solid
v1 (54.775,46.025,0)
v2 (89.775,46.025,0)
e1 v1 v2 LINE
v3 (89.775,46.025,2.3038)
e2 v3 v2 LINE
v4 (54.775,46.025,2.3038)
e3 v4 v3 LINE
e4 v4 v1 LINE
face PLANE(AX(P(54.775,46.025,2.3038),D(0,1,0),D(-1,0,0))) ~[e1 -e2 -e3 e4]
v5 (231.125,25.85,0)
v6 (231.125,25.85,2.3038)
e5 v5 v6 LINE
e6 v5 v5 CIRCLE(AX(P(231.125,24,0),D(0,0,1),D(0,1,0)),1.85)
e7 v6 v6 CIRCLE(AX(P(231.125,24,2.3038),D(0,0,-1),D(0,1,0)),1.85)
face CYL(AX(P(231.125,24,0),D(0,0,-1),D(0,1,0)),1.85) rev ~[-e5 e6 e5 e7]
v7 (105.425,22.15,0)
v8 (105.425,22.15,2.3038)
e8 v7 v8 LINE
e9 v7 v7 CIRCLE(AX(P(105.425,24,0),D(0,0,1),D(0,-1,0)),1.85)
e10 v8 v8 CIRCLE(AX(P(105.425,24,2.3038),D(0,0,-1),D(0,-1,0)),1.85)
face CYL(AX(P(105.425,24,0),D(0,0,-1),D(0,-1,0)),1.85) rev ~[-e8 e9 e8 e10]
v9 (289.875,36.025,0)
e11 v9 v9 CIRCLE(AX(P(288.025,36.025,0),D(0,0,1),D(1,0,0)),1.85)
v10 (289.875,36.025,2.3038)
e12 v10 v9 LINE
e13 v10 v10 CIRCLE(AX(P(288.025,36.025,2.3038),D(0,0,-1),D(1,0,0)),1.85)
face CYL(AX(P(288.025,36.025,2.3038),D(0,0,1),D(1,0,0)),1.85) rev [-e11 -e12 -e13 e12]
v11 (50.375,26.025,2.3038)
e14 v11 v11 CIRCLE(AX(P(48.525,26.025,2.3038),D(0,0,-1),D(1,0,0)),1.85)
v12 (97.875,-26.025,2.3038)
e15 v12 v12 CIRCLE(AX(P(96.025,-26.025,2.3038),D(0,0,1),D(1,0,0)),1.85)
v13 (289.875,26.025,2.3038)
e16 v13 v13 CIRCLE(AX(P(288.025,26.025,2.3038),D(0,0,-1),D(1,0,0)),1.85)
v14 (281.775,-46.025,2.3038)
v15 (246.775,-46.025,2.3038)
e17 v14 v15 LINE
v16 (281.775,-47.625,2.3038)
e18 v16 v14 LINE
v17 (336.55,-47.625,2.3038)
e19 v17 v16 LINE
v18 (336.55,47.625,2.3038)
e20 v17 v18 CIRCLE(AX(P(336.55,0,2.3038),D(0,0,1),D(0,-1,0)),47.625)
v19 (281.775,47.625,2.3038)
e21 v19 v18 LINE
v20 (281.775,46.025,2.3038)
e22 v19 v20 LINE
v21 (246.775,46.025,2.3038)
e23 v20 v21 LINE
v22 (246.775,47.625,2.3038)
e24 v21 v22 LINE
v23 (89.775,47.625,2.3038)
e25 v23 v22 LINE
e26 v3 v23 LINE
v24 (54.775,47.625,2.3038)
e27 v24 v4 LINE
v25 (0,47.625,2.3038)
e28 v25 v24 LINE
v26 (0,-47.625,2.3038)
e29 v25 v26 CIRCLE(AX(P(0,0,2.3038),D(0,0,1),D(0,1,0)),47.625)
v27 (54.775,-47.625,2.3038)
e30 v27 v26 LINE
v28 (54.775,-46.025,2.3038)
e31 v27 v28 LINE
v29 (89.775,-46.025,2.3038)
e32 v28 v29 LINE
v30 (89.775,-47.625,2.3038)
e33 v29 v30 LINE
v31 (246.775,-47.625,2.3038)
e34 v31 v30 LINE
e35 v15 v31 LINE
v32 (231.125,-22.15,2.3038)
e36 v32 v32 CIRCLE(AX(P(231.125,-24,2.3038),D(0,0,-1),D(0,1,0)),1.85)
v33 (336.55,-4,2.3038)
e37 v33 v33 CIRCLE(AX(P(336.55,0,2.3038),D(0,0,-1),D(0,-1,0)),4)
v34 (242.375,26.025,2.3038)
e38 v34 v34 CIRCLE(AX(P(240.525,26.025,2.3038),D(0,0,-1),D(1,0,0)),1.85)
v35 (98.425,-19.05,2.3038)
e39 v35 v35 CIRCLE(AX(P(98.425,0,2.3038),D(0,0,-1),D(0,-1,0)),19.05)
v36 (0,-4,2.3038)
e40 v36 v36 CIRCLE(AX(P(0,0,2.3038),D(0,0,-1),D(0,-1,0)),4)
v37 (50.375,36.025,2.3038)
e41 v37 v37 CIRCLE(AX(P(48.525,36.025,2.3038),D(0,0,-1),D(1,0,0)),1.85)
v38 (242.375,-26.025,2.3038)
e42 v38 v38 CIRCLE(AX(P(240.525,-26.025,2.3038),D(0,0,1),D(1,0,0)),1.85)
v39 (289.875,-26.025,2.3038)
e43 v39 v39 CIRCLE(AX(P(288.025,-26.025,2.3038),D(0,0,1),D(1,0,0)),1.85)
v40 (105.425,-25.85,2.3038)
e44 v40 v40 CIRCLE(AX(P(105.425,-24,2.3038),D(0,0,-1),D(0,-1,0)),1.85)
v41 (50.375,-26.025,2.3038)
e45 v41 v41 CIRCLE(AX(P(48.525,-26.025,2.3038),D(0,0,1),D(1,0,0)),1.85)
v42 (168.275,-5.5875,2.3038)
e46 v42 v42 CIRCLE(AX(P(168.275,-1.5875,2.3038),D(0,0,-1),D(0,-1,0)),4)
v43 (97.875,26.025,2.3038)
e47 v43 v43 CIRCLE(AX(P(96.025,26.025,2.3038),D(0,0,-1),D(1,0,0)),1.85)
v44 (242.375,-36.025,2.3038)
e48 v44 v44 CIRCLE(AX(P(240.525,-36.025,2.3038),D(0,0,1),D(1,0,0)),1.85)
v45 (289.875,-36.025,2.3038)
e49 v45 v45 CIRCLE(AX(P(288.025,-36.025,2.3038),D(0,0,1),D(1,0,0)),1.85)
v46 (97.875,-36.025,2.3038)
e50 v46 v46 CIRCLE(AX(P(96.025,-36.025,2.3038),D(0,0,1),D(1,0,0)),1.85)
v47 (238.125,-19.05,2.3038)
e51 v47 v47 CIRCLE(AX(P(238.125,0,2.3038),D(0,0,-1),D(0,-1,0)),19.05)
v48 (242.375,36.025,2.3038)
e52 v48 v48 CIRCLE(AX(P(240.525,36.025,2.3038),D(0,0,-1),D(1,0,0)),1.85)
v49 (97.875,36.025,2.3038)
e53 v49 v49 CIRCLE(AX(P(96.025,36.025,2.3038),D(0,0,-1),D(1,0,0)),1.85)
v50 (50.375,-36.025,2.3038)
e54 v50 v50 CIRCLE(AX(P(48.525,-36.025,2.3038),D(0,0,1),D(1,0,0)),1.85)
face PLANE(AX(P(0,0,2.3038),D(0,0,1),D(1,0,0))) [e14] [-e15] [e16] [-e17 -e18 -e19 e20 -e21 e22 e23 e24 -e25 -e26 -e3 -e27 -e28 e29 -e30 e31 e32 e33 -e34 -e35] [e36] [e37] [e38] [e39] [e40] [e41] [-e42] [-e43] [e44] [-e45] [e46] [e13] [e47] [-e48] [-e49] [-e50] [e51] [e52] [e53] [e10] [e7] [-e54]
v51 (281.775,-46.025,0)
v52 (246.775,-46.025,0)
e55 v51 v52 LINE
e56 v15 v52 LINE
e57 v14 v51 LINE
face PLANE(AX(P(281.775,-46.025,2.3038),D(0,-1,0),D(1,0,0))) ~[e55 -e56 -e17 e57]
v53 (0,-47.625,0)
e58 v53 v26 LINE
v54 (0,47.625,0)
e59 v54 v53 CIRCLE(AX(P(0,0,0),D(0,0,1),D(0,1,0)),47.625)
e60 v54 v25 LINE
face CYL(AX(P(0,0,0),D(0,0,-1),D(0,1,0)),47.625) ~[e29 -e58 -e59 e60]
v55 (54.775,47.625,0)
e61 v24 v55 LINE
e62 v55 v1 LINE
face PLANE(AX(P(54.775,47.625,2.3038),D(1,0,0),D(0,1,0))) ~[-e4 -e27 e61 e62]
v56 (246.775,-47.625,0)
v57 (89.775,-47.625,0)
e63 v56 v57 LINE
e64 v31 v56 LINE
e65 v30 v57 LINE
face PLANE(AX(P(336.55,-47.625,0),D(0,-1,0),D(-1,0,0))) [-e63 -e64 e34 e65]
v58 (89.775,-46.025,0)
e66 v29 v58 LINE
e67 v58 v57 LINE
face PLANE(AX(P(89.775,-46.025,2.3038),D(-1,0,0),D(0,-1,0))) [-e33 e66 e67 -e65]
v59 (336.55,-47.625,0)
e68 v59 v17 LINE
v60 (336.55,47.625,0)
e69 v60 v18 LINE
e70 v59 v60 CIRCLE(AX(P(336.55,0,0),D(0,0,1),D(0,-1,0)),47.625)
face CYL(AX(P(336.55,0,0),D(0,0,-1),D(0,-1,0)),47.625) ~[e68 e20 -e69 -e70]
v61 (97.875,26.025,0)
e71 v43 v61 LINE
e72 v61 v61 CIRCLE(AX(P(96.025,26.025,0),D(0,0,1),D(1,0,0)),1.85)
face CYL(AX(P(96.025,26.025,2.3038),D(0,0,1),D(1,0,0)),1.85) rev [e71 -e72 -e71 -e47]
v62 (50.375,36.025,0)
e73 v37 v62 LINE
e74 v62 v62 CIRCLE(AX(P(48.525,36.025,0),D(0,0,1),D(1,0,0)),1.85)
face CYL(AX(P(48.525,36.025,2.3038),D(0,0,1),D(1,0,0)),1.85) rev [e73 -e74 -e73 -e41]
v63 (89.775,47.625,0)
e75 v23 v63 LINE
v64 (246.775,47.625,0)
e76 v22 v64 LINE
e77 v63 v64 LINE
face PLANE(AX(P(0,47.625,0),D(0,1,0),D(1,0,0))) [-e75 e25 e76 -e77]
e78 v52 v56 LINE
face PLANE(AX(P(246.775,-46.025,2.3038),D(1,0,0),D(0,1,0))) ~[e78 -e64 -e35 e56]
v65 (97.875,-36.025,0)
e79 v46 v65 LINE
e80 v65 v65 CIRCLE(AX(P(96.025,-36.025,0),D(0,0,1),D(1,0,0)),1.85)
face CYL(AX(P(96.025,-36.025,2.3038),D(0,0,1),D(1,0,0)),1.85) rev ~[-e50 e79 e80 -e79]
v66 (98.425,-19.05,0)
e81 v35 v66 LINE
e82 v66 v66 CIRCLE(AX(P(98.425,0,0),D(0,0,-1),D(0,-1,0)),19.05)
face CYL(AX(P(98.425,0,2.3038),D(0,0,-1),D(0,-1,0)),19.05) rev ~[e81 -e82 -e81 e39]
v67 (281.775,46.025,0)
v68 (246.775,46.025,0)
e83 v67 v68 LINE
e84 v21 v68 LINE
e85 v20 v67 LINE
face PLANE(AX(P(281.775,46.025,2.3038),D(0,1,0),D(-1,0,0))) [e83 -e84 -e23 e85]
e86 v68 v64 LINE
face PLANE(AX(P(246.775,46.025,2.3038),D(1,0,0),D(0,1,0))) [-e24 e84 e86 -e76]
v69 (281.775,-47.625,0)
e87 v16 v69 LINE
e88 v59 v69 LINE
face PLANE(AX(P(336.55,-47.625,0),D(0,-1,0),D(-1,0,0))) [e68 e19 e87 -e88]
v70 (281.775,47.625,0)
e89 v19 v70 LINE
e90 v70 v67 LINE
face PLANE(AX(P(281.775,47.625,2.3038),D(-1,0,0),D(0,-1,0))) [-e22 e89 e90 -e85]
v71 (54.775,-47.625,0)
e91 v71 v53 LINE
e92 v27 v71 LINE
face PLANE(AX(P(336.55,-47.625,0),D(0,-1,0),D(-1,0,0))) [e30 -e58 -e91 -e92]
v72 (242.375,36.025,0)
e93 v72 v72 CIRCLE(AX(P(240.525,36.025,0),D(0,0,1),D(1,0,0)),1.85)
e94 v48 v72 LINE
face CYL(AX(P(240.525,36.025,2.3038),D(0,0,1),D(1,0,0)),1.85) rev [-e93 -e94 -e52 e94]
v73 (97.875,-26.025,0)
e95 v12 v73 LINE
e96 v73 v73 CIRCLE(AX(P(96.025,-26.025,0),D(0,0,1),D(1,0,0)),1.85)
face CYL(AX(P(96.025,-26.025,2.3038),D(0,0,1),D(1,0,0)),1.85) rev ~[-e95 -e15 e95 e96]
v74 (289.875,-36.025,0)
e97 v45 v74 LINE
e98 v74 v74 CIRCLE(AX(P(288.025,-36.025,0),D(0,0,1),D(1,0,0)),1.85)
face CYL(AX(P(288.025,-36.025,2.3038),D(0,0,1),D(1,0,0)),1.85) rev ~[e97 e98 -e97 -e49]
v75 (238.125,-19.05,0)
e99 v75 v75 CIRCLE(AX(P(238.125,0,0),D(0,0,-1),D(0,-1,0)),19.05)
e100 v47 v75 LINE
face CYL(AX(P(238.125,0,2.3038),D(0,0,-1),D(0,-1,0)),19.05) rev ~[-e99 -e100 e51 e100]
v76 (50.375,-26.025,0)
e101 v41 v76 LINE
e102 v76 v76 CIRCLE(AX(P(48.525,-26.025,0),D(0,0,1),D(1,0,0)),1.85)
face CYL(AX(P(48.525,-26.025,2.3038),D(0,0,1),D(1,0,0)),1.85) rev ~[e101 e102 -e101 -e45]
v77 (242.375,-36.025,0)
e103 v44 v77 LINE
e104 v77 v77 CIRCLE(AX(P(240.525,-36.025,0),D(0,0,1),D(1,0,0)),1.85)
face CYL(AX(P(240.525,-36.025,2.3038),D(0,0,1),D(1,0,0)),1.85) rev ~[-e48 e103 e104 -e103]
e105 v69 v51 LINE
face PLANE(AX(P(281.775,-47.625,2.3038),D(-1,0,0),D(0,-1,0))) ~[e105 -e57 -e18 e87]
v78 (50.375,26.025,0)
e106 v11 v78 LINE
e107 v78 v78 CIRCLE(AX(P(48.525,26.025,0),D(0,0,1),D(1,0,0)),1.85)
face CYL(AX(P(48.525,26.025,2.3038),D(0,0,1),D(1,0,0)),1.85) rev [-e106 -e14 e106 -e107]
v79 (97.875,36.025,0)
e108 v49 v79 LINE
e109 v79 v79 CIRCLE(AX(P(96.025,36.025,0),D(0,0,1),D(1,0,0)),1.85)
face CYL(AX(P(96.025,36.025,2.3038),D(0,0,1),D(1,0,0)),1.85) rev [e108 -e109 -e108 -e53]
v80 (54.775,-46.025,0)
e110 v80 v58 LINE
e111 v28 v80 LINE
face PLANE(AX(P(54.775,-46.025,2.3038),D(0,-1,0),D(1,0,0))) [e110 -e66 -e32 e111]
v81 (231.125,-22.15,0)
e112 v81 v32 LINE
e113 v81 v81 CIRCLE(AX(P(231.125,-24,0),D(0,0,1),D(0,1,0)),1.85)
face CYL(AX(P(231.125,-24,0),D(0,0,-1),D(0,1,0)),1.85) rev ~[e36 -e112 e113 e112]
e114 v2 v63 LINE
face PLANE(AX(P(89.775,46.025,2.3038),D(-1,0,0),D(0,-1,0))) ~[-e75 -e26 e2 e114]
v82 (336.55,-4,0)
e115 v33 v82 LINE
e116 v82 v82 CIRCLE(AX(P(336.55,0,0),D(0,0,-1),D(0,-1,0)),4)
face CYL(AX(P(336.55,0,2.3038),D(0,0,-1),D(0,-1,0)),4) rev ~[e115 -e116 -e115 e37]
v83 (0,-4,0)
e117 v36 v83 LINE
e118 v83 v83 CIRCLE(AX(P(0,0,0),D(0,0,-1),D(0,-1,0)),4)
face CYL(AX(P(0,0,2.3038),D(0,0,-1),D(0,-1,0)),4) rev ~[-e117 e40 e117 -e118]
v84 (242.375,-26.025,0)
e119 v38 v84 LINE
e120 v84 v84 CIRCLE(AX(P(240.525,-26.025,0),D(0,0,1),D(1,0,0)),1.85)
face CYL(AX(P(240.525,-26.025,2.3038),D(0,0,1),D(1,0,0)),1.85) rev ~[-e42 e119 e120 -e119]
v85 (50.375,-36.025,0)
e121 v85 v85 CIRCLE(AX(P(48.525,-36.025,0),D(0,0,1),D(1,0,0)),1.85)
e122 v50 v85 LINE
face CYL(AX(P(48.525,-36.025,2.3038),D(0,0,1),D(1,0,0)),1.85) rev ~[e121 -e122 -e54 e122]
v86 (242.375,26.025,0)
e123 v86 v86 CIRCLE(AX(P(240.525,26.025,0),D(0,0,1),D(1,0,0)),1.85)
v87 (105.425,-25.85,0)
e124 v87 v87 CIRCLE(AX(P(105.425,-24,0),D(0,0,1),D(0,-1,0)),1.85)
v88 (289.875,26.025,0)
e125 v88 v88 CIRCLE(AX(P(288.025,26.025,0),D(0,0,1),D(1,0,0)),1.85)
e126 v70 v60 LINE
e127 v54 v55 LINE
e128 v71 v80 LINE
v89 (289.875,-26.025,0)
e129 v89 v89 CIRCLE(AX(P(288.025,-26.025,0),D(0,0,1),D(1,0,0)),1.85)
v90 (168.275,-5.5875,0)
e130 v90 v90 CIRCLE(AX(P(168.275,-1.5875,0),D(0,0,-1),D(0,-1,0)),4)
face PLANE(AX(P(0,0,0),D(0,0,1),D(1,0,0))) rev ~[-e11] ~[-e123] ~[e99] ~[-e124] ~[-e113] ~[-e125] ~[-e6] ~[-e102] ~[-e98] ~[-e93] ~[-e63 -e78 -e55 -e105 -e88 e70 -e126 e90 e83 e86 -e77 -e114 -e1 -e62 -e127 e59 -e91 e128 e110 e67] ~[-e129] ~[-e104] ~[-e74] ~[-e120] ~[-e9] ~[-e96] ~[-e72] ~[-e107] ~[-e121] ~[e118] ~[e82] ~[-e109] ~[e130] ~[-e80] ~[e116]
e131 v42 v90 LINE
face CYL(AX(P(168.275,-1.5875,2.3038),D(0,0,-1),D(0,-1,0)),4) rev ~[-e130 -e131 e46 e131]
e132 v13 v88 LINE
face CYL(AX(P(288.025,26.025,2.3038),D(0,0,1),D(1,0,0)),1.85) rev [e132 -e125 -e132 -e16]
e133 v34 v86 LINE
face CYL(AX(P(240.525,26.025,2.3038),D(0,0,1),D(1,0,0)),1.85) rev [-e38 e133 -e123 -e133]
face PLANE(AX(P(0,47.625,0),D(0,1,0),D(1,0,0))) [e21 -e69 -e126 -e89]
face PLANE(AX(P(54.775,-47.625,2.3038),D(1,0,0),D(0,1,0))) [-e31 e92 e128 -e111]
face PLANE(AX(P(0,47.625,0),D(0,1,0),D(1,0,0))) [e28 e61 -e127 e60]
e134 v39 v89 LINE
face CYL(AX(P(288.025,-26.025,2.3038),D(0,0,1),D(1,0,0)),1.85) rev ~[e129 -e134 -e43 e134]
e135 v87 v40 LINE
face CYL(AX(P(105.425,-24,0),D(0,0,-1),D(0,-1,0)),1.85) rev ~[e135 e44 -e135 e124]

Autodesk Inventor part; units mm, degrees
ref_plane "XZ Plane" through (0, 0, 0) normal (0, 1, 0) x (-1, 0, 0)
sketch "Sketch1" plane through (0, 0, 0) normal (0, 0, 1) x (1, 0, 0)
  arc A0 (0, 47.625) -> (0, -47.625) centre (0, 0) ccw
  line L0 (-47.625, 0) -> (384.175, 0) construction
  arc A1 (336.55, -47.625) -> (336.55, 47.625) centre (336.55, 0) ccw
  line L1 (0, 47.625) -> (336.55, 47.625)
  line L2 (336.55, -47.625) -> (0, -47.625)
  dimension "d0" = 95.25
  dimension "d1" = 431.8
  dimension "d2" = 95.25
extrude "Extrusion1" add sketch "Sketch1" along normal blind 2.3038
hole "Hole1" at (0, 0, 2.3038) direction (0, 0, -1) diameter 8 end through all
hole "Hole2" at (336.55, 0, 2.3038) direction (0, 0, -1) diameter 8 end through all
sketch "Sketch2" plane through (0, 0, 2.3038) normal (0, 0, 1) x (1, 0, 0)
  circle A0 centre (336.55, 0) radius 4 projected
  circle A1 centre (0, 0) radius 4 projected
  line L0 (336.55, 0) -> (0, 0) construction
  line L1 (168.275, 0) -> (168.275, -1.5875)
  point P0 (0, 0)
  dimension "d23" = 1.5875
hole "Hole3" at (168.275, -1.5875, 2.3038) direction (0, 0, -1) diameter 8 end through all
sketch "Sketch4" plane through (0, 0, 2.3038) normal (0, 0, 1) x (1, 0, 0)
  line L0 (336.55, 47.625) -> (0, 47.625) projected
  line L1 (0, -47.625) -> (336.55, -47.625) projected
  line L2 (168.275, 47.625) -> (168.275, -47.625)
  line L3 (168.275, 0) -> (238.125, 0)
  line L4 (168.275, 0) -> (98.425, 0)
  point P0 (0, 0)
  dimension "d41" = 69.85
  dimension "d42" = 69.85
hole "Hole5" at (98.425, 0, 2.3038) at (238.125, 0, 2.3038) direction (0, 0, -1) diameter 38.1 end through all
sketch "Sketch5" plane through (0, 0, 0) normal (0, 0, -1) x (-1, 0, 0)
  line L0 (-89.425, 29) -> (-89.425, 26.5) projected
  arc A0 (-89.925, 26) -> (-89.425, 26.5) centre (-89.925, 26.5) ccw projected
  line L1 (-94.925, 26) -> (-89.925, 26) projected
  arc A1 (-94.925, 26) -> (-95.425, 25.5) centre (-94.925, 25.5) ccw projected
  line L2 (-95.425, 19) -> (-95.425, 25.5) projected
  arc A2 (-95.925, 18.5) -> (-95.425, 19) centre (-95.925, 19) ccw projected
  line L3 (-98.425, 18.5) -> (-95.925, 18.5) projected
  arc A3 (-98.425, 18.5) -> (-98.425, -18.5) centre (-98.425, 0) ccw projected
  line L4 (-95.925, -18.5) -> (-98.425, -18.5) projected
  arc A4 (-95.425, -19) -> (-95.925, -18.5) centre (-95.925, -19) ccw projected
  line L5 (-95.425, -25.5) -> (-95.425, -19) projected
  arc A5 (-95.425, -25.5) -> (-94.925, -26) centre (-94.925, -25.5) ccw projected
  line L6 (-89.925, -26) -> (-94.925, -26) projected
  arc A6 (-89.425, -26.5) -> (-89.925, -26) centre (-89.925, -26.5) ccw projected
  line L7 (-89.425, -26.5) -> (-89.425, -29) projected
  arc A7 (-92.425, -32) -> (-89.425, -29) centre (-92.425, -29) ccw projected
  line L8 (-92.425, -32) -> (-118.425, -32) projected
  arc A8 (-121.425, -29) -> (-118.425, -32) centre (-118.425, -29) ccw projected
  line L9 (-121.425, -29) -> (-121.425, 29) projected
  arc A9 (-118.425, 32) -> (-121.425, 29) centre (-118.425, 29) ccw projected
  line L10 (-118.425, 32) -> (-92.425, 32) projected
  arc A10 (-89.425, 29) -> (-92.425, 32) centre (-92.425, 29) ccw projected
  arc A11 (-105.425, 25.85) -> (-105.425, 22.15) centre (-105.425, 24) ccw projected
  arc A12 (-105.425, 22.15) -> (-105.425, 25.85) centre (-105.425, 24) ccw projected
  arc A13 (-105.425, -22.15) -> (-105.425, -25.85) centre (-105.425, -24) ccw projected
  arc A14 (-105.425, -25.85) -> (-105.425, -22.15) centre (-105.425, -24) ccw projected
  line L11 (-247.125, -29) -> (-247.125, -26.5) projected
  arc A15 (-246.625, -26) -> (-247.125, -26.5) centre (-246.625, -26.5) ccw projected
  line L12 (-241.625, -26) -> (-246.625, -26) projected
  arc A16 (-241.625, -26) -> (-241.125, -25.5) centre (-241.625, -25.5) ccw projected
  line L13 (-241.125, -19) -> (-241.125, -25.5) projected
  arc A17 (-240.625, -18.5) -> (-241.125, -19) centre (-240.625, -19) ccw projected
  line L14 (-238.125, -18.5) -> (-240.625, -18.5) projected
  arc A18 (-238.125, -18.5) -> (-238.125, 18.5) centre (-238.125, 0) ccw projected
  line L15 (-240.625, 18.5) -> (-238.125, 18.5) projected
  arc A19 (-241.125, 19) -> (-240.625, 18.5) centre (-240.625, 19) ccw projected
  line L16 (-241.125, 25.5) -> (-241.125, 19) projected
  arc A20 (-241.125, 25.5) -> (-241.625, 26) centre (-241.625, 25.5) ccw projected
  line L17 (-246.625, 26) -> (-241.625, 26) projected
  arc A21 (-247.125, 26.5) -> (-246.625, 26) centre (-246.625, 26.5) ccw projected
  line L18 (-247.125, 26.5) -> (-247.125, 29) projected
  arc A22 (-244.125, 32) -> (-247.125, 29) centre (-244.125, 29) ccw projected
  line L19 (-244.125, 32) -> (-218.125, 32) projected
  arc A23 (-215.125, 29) -> (-218.125, 32) centre (-218.125, 29) ccw projected
  line L20 (-215.125, 29) -> (-215.125, -29) projected
  arc A24 (-218.125, -32) -> (-215.125, -29) centre (-218.125, -29) ccw projected
  line L21 (-218.125, -32) -> (-244.125, -32) projected
  arc A25 (-247.125, -29) -> (-244.125, -32) centre (-244.125, -29) ccw projected
  arc A26 (-231.125, -25.85) -> (-231.125, -22.15) centre (-231.125, -24) ccw projected
  arc A27 (-231.125, -22.15) -> (-231.125, -25.85) centre (-231.125, -24) ccw projected
  arc A28 (-231.125, 22.15) -> (-231.125, 25.85) centre (-231.125, 24) ccw projected
  arc A29 (-231.125, 25.85) -> (-231.125, 22.15) centre (-231.125, 24) ccw projected
  point P0 (0, 0)
extrude "Extrusion2" cut sketch "Sketch5" against normal through all contours A12 A11 | A14 A13 | A27 A26 | A29 A28
ref_plane "Work Plane1" through (168.275, -1.5875, 2.3038) normal (1, 0, 0) x (0, 1, 0)
sketch "Sketch7" plane through (0, 0, 0) normal (0, 0, -1) x (-1, 0, 0)
  point P0 (0, 0)
sketch "Sketch8" plane through (0, 0, 2.3038) normal (0, 0, 1) x (1, 0, 0)
  arc A0 (286.775, -21.025) -> (284.775, -23.025) centre (286.775, -23.025) ccw projected
  line L0 (284.775, -45.625) -> (284.775, -23.025) projected
  line L1 (294.275, -45.625) -> (284.775, -45.625) projected
  line L2 (294.275, -45.625) -> (294.275, -23.025) projected
  arc A1 (294.275, -23.025) -> (292.275, -21.025) centre (292.275, -23.025) ccw projected
  line L3 (292.275, -21.025) -> (286.775, -21.025) projected
  circle A2 centre (288.025, -36.025) radius 1.85 projected
  circle A3 centre (288.025, -26.025) radius 1.85 projected
  arc A4 (243.775, -23.025) -> (241.775, -21.025) centre (241.775, -23.025) ccw projected
  line L4 (241.775, -21.025) -> (236.275, -21.025) projected
  arc A5 (236.275, -21.025) -> (234.275, -23.025) centre (236.275, -23.025) ccw projected
  line L5 (234.275, -45.625) -> (234.275, -23.025) projected
  line L6 (243.775, -45.625) -> (234.275, -45.625) projected
  line L7 (243.775, -45.625) -> (243.775, -23.025) projected
  circle A6 centre (240.525, -36.025) radius 1.85 projected
  circle A7 centre (240.525, -26.025) radius 1.85 projected
  arc A8 (94.775, -21.025) -> (92.775, -23.025) centre (94.775, -23.025) ccw projected
  line L8 (92.775, -45.625) -> (92.775, -23.025) projected
  line L9 (102.275, -45.625) -> (92.775, -45.625) projected
  line L10 (102.275, -45.625) -> (102.275, -23.025) projected
  arc A9 (102.275, -23.025) -> (100.275, -21.025) centre (100.275, -23.025) ccw projected
  line L11 (100.275, -21.025) -> (94.775, -21.025) projected
  circle A10 centre (96.025, -36.025) radius 1.85 projected
  circle A11 centre (96.025, -26.025) radius 1.85 projected
  arc A12 (51.775, -23.025) -> (49.775, -21.025) centre (49.775, -23.025) ccw projected
  line L12 (49.775, -21.025) -> (44.275, -21.025) projected
  arc A13 (44.275, -21.025) -> (42.275, -23.025) centre (44.275, -23.025) ccw projected
  line L13 (42.275, -45.625) -> (42.275, -23.025) projected
  line L14 (51.775, -45.625) -> (42.275, -45.625) projected
  line L15 (51.775, -45.625) -> (51.775, -23.025) projected
  circle A14 centre (48.525, -36.025) radius 1.85 projected
  circle A15 centre (48.525, -26.025) radius 1.85 projected
  point P0 (0, 0)
extrude "Extrusion4" cut sketch "Sketch8" against normal through all contours A2 | A3 | A6 | A7 | A10 | A11 | A14 | A15
sketch "Sketch9" plane through (0, 0, 2.3038) normal (0, 0, 1) x (1, 0, 0)
  line L0 (0, -47.625) -> (336.55, -47.625) projected
  line L1 (54.775, -49.225) -> (54.775, -46.025)
  line L2 (54.775, -46.025) -> (89.775, -46.025)
  line L3 (89.775, -46.025) -> (89.775, -49.225)
  line L4 (54.775, -47.625) -> (89.775, -47.625)
  point P0 (0, 0)
  dimension "d57" = 3.2
extrude "Extrusion5" cut sketch "Sketch9" against normal through all
mirror "Mirror2" about plane through (168.275, -1.5875, 2.3038) normal (1, 0, 0) of "Extrusion5"
ref_plane "Work Plane2" through (0, 0, 0) normal (0, 1, 0) x (1, 0, 0)
mirror "Mirror3" about plane through (0, 0, 0) normal (0, 1, 0) of "Extrusion4", "Extrusion5", "Mirror2"
properties part number "SidePlate" material "Aluminum 6061"
